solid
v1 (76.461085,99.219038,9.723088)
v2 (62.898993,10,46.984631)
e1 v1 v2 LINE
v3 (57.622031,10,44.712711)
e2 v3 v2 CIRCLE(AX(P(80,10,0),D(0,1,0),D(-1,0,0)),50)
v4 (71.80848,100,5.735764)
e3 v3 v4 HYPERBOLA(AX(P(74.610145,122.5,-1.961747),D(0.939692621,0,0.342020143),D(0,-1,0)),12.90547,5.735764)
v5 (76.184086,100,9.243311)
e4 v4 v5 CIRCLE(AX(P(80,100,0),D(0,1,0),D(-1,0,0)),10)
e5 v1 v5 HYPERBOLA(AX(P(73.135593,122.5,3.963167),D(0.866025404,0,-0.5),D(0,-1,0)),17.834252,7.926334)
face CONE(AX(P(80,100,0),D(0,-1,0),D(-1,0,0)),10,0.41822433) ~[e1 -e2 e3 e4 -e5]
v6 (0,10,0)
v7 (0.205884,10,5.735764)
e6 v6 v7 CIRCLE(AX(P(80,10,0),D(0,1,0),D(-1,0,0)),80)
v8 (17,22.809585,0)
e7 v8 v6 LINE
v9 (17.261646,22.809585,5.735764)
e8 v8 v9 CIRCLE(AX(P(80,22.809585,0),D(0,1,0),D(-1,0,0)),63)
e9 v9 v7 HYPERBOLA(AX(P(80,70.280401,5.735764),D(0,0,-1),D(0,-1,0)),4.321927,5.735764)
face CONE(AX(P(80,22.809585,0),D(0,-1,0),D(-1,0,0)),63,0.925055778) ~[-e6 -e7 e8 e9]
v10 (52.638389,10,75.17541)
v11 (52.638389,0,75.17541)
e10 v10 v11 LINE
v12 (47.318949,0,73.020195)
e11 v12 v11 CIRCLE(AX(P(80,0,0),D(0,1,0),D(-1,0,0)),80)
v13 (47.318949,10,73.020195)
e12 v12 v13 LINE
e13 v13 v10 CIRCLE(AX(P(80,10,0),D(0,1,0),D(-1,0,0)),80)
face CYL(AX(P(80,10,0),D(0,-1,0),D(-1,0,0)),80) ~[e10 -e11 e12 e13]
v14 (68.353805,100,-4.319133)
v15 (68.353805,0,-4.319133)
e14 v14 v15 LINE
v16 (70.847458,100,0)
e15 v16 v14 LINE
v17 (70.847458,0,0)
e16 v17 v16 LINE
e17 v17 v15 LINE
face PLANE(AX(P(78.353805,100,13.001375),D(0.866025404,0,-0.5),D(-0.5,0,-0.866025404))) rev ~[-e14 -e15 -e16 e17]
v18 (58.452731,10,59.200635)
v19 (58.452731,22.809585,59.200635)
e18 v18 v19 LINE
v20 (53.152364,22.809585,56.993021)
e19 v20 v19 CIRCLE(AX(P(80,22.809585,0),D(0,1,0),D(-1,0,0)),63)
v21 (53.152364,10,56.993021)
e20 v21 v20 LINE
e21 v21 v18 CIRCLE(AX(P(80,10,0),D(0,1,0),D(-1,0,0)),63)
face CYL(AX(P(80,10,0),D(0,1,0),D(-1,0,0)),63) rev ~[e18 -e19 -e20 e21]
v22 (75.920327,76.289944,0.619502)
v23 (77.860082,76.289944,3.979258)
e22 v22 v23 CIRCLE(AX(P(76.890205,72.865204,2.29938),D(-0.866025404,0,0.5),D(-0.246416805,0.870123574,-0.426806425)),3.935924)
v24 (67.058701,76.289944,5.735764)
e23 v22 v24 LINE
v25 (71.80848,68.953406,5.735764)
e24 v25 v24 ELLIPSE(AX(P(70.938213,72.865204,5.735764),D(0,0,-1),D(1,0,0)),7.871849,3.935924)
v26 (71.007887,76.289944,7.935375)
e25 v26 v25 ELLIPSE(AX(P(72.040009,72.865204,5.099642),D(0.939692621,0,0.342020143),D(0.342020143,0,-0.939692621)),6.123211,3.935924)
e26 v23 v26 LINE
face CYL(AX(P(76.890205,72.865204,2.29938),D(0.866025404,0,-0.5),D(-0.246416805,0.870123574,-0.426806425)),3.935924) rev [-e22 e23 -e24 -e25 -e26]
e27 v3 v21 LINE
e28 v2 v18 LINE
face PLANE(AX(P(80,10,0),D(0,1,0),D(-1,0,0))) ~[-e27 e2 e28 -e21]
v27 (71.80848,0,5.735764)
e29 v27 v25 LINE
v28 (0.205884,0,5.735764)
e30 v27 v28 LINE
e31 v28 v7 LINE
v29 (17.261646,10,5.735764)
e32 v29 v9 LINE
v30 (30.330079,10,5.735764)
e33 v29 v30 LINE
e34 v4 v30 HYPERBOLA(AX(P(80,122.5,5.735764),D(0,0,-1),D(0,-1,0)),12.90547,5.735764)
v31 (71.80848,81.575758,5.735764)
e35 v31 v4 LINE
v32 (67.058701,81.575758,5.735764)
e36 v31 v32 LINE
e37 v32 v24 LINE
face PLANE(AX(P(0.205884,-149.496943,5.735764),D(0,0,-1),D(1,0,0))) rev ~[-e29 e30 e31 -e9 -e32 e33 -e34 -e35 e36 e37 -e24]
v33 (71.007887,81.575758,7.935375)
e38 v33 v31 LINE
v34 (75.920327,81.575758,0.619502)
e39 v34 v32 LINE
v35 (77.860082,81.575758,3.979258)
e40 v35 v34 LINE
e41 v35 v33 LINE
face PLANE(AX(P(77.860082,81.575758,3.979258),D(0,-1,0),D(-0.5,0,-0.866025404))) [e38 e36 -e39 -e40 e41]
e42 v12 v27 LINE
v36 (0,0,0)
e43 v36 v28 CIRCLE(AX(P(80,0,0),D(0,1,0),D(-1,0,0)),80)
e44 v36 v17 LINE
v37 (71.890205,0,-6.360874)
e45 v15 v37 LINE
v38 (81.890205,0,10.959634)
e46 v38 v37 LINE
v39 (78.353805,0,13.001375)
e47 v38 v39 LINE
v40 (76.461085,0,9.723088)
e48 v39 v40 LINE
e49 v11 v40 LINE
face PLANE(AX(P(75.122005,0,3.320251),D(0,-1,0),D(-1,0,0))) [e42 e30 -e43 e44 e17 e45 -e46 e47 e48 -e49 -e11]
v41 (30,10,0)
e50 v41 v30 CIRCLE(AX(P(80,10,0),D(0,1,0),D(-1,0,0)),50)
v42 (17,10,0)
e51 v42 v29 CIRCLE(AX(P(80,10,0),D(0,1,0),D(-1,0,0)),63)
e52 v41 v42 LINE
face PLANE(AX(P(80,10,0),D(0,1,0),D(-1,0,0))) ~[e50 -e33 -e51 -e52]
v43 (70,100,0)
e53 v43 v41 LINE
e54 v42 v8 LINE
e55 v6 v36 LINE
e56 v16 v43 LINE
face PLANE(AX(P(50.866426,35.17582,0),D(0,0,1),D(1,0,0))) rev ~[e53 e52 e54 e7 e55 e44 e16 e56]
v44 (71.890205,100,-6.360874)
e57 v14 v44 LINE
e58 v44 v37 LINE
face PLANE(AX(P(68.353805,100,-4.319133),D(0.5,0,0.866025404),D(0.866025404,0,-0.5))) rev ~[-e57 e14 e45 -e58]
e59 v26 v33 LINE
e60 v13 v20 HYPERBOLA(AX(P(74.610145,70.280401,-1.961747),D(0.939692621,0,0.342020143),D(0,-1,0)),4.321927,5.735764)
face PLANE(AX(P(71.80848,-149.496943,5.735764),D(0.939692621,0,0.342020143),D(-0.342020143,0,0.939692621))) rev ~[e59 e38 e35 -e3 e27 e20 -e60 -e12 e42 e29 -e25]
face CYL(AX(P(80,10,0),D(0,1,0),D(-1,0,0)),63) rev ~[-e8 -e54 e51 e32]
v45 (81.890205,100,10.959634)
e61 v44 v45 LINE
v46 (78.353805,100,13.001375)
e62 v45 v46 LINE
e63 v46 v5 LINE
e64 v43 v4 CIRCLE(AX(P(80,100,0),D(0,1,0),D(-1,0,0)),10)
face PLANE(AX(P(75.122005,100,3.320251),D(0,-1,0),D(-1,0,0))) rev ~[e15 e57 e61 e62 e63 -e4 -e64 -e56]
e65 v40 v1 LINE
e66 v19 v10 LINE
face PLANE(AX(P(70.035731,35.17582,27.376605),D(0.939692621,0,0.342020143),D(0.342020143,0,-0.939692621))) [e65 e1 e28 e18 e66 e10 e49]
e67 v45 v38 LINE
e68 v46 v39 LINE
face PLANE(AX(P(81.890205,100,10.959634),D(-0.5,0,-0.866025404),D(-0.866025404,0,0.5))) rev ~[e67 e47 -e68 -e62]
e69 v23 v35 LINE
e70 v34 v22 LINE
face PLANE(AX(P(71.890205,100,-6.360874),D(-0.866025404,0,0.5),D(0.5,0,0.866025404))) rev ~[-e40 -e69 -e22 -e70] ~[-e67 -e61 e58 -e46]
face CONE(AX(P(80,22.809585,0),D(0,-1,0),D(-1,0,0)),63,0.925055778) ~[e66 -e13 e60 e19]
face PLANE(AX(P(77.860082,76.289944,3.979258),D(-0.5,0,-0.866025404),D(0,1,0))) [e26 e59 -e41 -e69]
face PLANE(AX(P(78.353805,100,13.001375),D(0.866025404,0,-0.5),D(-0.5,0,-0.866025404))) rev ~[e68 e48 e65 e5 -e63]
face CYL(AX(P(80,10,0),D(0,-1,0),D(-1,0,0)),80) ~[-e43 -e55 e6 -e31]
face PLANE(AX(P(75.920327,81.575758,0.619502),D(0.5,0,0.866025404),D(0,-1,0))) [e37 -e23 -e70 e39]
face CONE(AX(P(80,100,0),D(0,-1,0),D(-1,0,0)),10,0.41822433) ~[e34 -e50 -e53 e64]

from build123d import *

# Parameters (mm, degrees)
REVOLVE1_ANGLE          = 70
CUT_EXTRUDE1_DEPTH      = 149.496943463
CUT_EXTRUDE1_DEPTH_BACK = 149.496943463
BOSS_EXTRUDE1_DEPTH     = 100
CUT_EXTRUDE2_DEPTH      = 100
CUT_EXTRUDE2_DEPTH_BACK = 100
CUT_EXTRUDE4_DEPTH      = 100


with BuildPart() as part:
    # Sketch3 → Revolve1 (revolve)
    with BuildSketch(Plane.XY):
        Polygon((0, 0), (80, 0), (80, 100), (70, 100), (30, 10), (17, 10), (17, 22.809585309), (0, 10), align=None)
    revolve(axis=Axis((80, 0, 0), (0, 1, 0)), revolution_arc=REVOLVE1_ANGLE)

    # Sketch5 → Cut-Extrude1 (cut, two sides: drawn at the far end of the back side and taken through both)
    with BuildSketch(Plane(origin=(0, 0, 0), x_dir=(1, 0, 0), z_dir=(0, 1, 0)).offset(-CUT_EXTRUDE1_DEPTH_BACK)):
        Polygon((0.205883631, -5.735764364), (71.808479557, -5.735764364), (47.318949436, -73.020195385), (2.210062516, -73.020195385), align=None)
    extrude(amount=CUT_EXTRUDE1_DEPTH + CUT_EXTRUDE1_DEPTH_BACK, mode=Mode.SUBTRACT)

    # Sketch7 → Boss-Extrude1 (add)
    with BuildSketch(Plane(origin=(0, 100, 0), x_dir=(1, 0, 0), z_dir=(0, 1, 0))):
        Polygon((71.890204546, 6.360873716), (81.890204546, -10.95963436), (78.353805314, -13.001375409), (68.353805314, 4.319132667), align=None)
    extrude(amount=-BOSS_EXTRUDE1_DEPTH)

    # Sketch8 → Cut-Extrude2 (cut, two sides: drawn at the far end of the back side and taken through both)
    with BuildSketch(Plane(origin=(0, 0, 0), x_dir=(1, 0, 0), z_dir=(0, 1, 0)).offset(-CUT_EXTRUDE2_DEPTH_BACK)):
        Polygon((71.890204546, 6.360873716), (81.890204546, -10.95963436), (87.183786138, 1.252005023), align=None)
    extrude(amount=CUT_EXTRUDE2_DEPTH + CUT_EXTRUDE2_DEPTH_BACK, mode=Mode.SUBTRACT)

    # Sketch9 → Cut-Extrude4 (cut)
    with BuildSketch(Plane(origin=(56.671992524, 0, -32.719590139), x_dir=(-0.4999999999999999, 0, -0.8660254037844387), z_dir=(0.8660254037844388, 0, -0.49999999999999994))):
        with BuildLine():
            Line((-42.376179883, 81.575757576), (-38.496668208, 81.575757576))
            Line((-38.496668208, 81.575757576), (-38.496668208, 76.289944384))
            ThreePointArc((-38.496668208, 76.289944384), (-40.436424045, 68.929279342), (-42.376179883, 76.289944384))
            Line((-42.376179883, 76.289944384), (-42.376179883, 81.575757576))
        make_face()
    extrude(amount=-CUT_EXTRUDE4_DEPTH, mode=Mode.SUBTRACT)


solid = part.part
